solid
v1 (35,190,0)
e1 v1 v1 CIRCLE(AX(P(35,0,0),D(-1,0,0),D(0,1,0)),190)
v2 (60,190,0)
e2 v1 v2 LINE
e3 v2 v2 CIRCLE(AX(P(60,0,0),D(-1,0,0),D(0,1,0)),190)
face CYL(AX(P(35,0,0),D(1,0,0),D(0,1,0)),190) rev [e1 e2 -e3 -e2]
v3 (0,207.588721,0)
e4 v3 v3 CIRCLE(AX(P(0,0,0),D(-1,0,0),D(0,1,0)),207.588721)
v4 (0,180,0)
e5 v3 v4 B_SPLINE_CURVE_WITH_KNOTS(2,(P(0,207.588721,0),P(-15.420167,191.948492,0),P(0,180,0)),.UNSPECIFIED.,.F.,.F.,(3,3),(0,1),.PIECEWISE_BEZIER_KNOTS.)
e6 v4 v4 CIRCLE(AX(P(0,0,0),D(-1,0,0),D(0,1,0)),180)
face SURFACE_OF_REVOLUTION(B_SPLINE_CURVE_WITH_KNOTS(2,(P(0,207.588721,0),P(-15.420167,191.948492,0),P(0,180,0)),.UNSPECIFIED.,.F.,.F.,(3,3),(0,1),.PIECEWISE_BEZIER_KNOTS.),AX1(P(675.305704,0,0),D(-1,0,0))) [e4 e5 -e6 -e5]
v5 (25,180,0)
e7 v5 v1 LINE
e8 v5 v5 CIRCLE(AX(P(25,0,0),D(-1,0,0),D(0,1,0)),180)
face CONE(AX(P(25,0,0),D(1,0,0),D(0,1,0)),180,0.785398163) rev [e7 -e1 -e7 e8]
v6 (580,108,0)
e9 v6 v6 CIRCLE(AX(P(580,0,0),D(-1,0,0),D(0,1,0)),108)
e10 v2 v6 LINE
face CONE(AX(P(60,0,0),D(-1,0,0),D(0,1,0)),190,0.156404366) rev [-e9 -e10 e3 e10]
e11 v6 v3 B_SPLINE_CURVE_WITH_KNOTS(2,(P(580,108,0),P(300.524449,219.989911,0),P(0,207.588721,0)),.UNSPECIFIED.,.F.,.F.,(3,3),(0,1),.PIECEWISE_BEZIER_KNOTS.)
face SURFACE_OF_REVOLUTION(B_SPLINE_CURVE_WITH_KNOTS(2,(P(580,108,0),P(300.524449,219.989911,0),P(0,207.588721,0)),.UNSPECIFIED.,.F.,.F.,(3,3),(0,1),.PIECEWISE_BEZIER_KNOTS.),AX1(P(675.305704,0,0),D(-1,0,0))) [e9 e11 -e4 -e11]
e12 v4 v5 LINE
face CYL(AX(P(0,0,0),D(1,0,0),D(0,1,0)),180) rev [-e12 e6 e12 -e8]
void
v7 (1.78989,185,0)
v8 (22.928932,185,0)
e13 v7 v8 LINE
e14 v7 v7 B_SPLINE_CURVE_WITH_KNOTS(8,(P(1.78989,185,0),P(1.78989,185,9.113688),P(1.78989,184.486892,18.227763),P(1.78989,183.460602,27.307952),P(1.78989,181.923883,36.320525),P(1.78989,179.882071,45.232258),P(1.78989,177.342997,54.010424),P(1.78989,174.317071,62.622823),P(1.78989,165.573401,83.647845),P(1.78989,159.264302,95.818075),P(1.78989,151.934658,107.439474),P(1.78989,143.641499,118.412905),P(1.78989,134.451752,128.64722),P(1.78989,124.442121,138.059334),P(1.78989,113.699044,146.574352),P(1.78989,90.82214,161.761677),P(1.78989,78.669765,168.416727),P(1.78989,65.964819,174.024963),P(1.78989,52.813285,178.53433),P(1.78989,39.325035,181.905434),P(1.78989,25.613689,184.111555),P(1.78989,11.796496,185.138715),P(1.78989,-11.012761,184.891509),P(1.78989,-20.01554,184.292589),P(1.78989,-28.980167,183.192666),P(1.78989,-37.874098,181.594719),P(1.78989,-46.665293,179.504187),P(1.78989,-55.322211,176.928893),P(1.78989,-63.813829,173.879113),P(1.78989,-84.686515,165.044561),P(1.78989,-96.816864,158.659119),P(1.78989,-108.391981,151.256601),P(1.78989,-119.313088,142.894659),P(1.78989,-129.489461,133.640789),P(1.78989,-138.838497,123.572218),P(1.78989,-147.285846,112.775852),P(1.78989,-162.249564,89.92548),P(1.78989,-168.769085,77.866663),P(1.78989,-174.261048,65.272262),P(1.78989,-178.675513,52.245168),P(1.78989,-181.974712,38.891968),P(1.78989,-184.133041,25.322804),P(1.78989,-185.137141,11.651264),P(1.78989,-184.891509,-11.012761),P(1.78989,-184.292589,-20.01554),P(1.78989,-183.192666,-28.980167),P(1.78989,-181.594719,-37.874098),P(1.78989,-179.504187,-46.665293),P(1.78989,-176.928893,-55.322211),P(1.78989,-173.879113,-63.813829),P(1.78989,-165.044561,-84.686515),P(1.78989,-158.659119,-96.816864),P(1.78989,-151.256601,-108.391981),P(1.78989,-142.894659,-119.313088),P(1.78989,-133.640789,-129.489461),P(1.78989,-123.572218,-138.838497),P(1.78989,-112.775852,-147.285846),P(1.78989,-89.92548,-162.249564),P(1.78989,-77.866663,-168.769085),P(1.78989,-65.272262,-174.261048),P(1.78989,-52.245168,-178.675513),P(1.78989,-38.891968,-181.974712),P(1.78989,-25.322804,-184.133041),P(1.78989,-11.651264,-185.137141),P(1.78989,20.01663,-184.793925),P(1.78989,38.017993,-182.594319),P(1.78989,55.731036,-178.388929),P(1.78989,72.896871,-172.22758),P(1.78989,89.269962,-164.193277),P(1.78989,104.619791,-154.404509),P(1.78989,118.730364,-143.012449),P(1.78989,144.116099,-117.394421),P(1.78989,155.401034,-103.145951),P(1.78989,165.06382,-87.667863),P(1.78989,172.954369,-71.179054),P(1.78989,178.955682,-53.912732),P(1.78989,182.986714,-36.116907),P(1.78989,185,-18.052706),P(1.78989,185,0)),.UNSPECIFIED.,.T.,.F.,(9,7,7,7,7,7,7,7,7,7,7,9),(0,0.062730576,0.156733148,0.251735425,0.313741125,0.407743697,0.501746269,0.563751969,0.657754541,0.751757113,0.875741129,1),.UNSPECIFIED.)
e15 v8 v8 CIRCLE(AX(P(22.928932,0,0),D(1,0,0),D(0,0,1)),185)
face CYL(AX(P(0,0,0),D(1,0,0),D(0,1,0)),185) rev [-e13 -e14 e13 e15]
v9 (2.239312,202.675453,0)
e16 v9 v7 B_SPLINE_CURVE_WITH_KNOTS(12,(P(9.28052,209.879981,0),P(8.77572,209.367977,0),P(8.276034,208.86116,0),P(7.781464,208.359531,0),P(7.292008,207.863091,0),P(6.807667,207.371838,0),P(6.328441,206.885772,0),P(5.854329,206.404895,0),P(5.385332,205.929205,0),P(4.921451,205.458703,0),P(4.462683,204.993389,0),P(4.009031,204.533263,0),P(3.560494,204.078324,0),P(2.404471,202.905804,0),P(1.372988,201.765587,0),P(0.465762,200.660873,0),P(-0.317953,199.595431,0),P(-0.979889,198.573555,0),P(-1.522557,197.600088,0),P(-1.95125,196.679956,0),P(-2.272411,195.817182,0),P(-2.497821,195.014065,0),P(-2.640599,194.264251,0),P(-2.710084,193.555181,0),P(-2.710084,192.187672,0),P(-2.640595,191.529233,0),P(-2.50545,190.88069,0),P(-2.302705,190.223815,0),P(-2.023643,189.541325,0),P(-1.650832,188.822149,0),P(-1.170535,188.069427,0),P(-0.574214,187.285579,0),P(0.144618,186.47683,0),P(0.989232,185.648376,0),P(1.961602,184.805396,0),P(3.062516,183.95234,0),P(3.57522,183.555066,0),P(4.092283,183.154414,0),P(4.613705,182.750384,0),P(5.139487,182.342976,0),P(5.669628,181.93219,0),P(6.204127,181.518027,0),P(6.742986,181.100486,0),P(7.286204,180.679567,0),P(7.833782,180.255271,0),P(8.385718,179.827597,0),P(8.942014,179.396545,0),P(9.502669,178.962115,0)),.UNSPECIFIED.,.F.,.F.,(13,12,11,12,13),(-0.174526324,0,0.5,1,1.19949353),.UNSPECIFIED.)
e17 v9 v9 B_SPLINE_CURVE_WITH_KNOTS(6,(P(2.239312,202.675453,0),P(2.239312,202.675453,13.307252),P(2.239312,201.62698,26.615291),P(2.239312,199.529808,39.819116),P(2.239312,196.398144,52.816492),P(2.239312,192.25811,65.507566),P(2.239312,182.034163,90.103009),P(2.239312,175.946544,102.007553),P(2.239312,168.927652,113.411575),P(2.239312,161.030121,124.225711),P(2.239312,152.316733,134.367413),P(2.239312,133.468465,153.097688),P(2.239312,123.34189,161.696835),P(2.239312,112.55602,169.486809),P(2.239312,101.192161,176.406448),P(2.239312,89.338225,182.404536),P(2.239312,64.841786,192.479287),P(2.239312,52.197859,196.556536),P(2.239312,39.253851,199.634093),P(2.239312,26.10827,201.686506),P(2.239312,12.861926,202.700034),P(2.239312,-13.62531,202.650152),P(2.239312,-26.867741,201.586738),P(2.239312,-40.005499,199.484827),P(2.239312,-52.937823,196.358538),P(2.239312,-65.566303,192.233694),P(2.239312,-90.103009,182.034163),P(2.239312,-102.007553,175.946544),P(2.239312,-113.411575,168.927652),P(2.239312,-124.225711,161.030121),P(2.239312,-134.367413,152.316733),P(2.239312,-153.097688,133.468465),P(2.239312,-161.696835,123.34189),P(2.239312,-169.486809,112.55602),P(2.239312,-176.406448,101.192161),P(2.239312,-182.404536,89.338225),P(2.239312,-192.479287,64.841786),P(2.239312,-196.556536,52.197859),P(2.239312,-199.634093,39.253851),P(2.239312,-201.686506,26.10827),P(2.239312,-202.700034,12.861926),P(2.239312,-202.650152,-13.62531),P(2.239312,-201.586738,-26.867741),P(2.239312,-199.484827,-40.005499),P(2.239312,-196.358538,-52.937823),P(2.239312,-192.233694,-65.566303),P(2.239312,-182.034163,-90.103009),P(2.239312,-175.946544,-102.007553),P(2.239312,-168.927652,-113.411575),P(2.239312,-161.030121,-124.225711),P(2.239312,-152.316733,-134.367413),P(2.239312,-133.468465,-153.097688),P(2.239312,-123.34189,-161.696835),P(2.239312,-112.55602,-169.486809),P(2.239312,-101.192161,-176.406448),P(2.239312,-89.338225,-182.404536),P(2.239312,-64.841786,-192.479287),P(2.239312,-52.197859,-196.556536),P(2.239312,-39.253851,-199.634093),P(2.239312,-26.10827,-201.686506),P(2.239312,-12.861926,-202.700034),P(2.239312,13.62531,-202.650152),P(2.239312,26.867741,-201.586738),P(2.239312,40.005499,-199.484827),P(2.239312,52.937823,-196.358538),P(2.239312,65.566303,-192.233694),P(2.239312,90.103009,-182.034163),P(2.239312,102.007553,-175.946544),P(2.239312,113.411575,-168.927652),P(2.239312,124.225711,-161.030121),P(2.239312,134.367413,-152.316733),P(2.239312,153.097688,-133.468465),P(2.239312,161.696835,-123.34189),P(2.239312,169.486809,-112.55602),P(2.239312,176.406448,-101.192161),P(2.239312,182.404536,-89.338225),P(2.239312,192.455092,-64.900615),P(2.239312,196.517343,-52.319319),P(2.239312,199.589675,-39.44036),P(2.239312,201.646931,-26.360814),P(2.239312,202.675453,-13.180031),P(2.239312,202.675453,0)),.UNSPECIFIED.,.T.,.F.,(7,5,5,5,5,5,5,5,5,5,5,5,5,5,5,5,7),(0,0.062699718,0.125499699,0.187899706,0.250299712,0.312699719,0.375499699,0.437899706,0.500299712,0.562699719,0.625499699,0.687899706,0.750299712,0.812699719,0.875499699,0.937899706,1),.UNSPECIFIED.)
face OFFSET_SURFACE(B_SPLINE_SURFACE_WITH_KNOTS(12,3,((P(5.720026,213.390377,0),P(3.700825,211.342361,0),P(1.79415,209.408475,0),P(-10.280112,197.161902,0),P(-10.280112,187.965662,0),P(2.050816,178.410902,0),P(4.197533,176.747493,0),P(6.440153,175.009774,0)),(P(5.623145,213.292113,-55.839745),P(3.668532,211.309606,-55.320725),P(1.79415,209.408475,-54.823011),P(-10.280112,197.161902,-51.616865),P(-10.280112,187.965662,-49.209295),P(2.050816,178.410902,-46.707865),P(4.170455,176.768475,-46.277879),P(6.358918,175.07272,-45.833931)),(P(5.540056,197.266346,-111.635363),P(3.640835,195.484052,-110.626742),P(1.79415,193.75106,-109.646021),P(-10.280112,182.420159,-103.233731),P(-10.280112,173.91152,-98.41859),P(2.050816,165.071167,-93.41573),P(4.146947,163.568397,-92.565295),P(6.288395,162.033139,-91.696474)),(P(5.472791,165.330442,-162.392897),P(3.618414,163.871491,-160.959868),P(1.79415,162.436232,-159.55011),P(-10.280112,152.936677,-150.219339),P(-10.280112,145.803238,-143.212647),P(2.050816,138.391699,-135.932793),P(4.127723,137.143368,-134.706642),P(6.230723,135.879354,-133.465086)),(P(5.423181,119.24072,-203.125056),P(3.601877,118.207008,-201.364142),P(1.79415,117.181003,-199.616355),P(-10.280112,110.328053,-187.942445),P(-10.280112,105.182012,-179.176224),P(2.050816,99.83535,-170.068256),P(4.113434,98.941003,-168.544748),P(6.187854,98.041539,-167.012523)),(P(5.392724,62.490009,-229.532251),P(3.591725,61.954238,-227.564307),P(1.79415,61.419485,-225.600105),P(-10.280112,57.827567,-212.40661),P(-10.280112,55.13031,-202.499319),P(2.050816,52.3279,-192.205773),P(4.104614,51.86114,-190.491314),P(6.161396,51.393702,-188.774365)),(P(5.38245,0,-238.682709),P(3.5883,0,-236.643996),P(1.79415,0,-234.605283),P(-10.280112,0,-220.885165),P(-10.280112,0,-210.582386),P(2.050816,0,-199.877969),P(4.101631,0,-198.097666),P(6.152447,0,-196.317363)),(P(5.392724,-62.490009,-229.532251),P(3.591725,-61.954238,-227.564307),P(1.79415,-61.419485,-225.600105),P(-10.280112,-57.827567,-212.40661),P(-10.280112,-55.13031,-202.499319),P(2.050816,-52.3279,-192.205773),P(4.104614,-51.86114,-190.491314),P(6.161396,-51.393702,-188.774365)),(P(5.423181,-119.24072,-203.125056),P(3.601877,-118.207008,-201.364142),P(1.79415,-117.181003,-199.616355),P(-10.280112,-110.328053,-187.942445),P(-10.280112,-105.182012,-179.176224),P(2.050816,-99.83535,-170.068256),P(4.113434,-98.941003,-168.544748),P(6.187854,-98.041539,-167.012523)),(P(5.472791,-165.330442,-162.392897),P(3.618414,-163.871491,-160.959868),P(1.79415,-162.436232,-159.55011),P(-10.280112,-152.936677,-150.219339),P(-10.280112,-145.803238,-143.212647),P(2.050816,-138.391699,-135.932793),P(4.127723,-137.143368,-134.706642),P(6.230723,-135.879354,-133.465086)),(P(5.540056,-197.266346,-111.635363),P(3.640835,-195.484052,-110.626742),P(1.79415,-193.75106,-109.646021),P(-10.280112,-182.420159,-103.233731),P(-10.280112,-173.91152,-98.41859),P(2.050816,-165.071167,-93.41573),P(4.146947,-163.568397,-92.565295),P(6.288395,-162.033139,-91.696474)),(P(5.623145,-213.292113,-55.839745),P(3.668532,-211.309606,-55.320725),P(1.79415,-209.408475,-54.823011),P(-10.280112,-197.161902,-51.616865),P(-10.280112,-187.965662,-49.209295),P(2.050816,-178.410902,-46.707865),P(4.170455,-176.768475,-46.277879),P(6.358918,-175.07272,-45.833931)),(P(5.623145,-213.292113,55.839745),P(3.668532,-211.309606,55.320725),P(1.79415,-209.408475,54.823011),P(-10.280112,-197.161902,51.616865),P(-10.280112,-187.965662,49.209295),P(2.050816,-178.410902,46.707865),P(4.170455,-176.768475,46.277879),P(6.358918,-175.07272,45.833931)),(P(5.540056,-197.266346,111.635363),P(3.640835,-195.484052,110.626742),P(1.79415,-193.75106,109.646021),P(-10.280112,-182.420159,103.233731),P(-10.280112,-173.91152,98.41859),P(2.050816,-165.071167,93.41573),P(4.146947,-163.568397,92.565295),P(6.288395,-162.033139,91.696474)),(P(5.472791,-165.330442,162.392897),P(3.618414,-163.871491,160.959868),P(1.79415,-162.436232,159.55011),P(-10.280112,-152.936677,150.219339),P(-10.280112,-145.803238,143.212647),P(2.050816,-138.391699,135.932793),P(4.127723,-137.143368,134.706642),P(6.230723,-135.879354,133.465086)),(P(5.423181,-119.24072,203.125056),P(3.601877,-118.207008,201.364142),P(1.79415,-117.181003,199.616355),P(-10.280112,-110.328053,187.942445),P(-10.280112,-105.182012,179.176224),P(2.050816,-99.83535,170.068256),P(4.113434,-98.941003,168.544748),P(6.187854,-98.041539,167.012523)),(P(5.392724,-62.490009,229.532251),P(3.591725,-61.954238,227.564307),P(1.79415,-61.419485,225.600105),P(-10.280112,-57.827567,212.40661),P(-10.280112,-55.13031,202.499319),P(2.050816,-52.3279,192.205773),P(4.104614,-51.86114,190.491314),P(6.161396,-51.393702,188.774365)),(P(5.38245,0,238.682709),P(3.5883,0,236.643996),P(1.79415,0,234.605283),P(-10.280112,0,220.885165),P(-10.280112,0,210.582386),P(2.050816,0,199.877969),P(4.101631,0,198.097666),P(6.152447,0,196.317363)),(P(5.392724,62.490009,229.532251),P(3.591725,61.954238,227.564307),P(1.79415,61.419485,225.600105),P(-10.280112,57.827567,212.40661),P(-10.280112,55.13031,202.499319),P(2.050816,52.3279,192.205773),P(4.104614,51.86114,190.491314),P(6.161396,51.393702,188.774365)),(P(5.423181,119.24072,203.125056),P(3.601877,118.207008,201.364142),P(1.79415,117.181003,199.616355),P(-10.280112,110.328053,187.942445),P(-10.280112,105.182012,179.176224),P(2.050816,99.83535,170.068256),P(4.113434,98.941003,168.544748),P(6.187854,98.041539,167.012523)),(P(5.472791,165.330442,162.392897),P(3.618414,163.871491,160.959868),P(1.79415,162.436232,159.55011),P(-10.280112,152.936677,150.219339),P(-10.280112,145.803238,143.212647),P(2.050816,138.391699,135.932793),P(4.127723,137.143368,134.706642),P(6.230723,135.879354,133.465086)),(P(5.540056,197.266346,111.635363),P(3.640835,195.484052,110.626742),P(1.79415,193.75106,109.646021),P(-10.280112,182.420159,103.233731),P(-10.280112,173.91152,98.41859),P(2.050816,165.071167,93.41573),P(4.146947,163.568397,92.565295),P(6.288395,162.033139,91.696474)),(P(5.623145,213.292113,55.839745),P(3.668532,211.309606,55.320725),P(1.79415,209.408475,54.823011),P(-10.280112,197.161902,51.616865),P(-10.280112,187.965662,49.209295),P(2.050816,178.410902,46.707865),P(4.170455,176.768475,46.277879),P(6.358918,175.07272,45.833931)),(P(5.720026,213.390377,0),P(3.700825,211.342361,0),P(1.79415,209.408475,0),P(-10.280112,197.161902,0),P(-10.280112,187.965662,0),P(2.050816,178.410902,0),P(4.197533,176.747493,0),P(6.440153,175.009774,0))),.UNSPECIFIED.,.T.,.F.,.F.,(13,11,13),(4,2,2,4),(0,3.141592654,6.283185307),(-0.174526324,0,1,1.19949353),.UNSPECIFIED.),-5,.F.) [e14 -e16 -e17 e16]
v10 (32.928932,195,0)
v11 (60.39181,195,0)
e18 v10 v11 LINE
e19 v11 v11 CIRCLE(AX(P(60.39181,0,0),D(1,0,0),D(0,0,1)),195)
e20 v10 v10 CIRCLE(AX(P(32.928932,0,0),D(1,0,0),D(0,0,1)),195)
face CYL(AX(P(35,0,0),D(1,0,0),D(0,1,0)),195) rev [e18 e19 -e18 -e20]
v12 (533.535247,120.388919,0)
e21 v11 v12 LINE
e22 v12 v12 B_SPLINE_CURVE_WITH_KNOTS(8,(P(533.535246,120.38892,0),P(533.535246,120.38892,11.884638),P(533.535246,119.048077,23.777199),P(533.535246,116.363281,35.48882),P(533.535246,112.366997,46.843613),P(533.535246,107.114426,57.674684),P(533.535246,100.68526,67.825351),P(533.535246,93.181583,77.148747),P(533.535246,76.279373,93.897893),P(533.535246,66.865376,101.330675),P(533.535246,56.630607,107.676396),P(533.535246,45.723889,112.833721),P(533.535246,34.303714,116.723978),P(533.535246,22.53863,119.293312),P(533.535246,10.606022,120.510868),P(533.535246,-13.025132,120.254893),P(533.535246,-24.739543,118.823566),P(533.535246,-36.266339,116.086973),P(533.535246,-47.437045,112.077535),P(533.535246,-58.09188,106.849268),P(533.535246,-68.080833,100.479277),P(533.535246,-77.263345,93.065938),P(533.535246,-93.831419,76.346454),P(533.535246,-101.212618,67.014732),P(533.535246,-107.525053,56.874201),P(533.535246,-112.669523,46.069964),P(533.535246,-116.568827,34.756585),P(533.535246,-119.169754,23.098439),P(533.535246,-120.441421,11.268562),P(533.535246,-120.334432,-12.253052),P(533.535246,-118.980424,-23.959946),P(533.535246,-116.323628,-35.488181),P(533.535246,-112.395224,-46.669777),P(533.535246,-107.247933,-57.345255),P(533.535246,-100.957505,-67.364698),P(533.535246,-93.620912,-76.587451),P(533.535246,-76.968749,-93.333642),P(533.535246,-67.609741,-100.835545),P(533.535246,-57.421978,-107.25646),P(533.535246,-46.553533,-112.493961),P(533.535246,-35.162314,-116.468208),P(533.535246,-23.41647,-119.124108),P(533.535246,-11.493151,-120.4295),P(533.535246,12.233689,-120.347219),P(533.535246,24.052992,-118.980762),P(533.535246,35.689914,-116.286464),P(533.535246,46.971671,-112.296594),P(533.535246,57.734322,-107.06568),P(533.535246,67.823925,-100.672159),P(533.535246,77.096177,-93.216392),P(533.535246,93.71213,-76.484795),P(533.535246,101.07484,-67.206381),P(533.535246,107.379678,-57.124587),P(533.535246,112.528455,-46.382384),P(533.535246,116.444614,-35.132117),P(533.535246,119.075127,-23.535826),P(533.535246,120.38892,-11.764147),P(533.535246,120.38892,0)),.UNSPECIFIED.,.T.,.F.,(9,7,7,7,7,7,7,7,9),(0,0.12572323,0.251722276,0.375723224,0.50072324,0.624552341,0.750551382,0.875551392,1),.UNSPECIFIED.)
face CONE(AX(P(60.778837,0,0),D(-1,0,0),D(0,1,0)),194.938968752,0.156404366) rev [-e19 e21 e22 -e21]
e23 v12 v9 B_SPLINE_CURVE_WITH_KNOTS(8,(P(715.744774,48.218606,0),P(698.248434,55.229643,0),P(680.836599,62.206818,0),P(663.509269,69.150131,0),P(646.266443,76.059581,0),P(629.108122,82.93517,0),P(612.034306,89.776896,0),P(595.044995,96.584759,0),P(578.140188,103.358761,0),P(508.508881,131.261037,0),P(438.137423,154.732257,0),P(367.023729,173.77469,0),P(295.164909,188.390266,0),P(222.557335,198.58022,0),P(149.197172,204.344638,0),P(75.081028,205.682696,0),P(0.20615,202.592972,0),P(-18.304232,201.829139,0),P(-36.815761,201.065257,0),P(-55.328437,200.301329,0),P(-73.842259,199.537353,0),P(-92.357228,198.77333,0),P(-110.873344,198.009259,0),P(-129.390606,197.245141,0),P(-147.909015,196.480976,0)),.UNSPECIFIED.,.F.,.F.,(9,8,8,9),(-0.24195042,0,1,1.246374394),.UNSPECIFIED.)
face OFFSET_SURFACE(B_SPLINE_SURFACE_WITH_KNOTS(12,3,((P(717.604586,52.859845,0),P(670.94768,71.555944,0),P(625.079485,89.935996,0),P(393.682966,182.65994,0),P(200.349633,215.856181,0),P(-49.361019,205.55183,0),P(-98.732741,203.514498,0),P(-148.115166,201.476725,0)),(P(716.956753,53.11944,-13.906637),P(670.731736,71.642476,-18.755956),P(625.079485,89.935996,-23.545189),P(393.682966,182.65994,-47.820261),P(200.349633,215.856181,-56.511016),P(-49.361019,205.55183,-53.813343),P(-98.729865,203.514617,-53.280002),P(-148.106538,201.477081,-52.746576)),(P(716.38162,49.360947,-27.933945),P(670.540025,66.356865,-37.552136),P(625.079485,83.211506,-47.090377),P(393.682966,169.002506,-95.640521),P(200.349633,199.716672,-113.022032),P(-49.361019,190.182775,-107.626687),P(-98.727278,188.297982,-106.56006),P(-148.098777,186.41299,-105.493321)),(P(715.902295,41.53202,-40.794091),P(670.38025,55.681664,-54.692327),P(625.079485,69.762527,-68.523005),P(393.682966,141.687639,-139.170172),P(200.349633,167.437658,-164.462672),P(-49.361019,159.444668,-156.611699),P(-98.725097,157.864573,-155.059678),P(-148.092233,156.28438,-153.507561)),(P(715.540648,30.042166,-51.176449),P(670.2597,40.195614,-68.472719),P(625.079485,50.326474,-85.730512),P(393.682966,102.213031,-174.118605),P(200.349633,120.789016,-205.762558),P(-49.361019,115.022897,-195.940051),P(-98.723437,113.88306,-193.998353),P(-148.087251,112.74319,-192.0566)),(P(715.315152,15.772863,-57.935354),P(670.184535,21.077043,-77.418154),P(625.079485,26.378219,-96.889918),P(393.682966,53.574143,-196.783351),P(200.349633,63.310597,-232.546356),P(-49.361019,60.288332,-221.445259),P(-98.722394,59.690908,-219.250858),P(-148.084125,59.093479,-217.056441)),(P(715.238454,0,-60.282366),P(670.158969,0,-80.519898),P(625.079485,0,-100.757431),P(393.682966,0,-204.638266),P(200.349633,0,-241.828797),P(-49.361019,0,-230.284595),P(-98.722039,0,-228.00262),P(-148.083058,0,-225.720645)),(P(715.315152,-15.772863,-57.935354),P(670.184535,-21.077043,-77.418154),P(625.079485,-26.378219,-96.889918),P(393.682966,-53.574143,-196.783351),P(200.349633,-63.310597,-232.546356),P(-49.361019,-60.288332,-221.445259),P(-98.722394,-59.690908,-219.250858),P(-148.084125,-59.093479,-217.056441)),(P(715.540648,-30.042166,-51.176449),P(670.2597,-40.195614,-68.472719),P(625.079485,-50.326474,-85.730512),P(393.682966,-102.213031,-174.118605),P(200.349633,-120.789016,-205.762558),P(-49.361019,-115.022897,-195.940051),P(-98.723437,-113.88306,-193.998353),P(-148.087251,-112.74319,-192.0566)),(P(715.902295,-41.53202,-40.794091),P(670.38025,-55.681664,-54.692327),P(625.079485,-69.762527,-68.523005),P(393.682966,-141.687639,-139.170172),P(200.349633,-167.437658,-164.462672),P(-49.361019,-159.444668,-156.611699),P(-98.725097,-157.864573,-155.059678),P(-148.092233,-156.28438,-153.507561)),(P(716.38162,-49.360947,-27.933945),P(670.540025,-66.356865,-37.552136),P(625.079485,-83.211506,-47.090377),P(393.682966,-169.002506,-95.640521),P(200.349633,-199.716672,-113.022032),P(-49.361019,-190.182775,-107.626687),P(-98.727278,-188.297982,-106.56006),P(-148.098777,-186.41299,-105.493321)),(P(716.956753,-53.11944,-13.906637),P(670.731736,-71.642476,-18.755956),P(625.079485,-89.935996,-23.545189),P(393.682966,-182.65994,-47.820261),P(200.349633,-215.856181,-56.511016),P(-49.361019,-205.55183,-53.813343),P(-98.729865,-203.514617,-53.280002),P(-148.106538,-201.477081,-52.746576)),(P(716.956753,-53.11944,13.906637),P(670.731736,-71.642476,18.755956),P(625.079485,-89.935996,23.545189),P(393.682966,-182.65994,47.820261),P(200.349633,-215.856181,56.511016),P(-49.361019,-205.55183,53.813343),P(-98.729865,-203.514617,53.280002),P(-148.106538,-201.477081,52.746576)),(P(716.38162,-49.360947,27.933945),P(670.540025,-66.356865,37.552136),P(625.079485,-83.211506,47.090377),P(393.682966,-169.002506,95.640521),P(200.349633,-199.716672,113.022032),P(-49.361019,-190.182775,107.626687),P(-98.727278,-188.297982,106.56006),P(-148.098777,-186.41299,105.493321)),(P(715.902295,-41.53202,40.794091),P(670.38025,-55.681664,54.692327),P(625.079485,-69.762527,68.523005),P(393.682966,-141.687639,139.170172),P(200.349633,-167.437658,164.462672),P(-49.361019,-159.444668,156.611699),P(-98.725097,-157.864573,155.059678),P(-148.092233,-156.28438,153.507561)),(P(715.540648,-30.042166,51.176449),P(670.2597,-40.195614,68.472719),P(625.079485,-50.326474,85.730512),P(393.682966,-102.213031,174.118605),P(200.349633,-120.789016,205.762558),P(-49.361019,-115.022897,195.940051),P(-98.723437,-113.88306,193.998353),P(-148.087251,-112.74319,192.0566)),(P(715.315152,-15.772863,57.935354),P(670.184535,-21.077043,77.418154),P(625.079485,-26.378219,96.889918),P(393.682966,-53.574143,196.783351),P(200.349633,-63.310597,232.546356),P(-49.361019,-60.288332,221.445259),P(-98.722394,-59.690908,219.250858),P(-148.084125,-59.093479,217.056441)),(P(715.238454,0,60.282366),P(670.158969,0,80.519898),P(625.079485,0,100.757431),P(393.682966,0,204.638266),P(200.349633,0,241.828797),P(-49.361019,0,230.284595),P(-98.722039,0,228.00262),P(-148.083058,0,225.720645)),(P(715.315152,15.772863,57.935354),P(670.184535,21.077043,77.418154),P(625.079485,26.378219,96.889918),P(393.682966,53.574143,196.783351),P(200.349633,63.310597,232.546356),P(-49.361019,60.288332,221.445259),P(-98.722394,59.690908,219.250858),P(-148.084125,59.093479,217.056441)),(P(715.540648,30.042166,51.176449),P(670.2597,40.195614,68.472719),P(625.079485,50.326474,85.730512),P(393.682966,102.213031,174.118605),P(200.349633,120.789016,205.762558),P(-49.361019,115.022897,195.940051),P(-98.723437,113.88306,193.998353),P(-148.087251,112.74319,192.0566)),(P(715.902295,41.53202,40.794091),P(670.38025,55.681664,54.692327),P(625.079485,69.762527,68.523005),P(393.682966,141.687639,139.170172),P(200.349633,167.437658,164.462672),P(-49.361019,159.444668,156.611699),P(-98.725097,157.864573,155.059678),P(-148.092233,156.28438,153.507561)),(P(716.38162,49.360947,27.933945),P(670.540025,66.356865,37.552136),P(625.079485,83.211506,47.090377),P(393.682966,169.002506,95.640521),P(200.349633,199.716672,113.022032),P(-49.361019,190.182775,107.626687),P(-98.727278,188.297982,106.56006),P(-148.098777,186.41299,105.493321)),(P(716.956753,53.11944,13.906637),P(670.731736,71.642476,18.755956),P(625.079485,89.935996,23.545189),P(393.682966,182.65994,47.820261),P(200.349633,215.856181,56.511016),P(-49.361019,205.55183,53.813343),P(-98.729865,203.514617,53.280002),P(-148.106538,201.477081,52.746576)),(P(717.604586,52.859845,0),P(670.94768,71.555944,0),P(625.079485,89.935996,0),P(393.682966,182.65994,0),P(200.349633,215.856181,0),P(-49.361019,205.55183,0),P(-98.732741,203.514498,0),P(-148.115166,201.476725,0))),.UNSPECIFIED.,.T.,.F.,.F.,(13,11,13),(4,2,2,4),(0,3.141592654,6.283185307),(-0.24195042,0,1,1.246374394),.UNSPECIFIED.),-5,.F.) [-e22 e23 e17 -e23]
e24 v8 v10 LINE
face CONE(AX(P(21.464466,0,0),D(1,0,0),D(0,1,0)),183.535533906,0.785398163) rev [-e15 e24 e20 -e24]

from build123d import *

# Parameters (mm, degrees)
THICKEN1_T2 = 5


with BuildPart() as body_1:
    # Surface-Revolve1: a surface, the sketch's curves turned about an axis
    with BuildLine(Plane.XY, mode=Mode.PRIVATE) as surface_revolve1_1_path:
        Line((0, 180), (25, 180))
        Line((25, 180), (35, 190))
        Line((35, 190), (60, 190))
        Line((60, 190), (580, 108))
        add(Edge.make_bspline(
            [(580, 108), (300.524449477, 219.989910698), (0, 207.588720813)],
            knots=[0, 0, 0, 1, 1, 1], degree=2))
        add(Edge.make_bspline(
            [(0, 207.588720813), (-15.420167335, 191.948492481), (0, 180)],
            knots=[0, 0, 0, 1, 1, 1], degree=2))
    surface_revolve1_1 = Shell.revolve(surface_revolve1_1_path.wire(), 360, Axis((675.305703984, 0, 0), (-1, 0, 0)))
    add(Solid.thicken(surface_revolve1_1, -THICKEN1_T2))


solid = body_1.part
